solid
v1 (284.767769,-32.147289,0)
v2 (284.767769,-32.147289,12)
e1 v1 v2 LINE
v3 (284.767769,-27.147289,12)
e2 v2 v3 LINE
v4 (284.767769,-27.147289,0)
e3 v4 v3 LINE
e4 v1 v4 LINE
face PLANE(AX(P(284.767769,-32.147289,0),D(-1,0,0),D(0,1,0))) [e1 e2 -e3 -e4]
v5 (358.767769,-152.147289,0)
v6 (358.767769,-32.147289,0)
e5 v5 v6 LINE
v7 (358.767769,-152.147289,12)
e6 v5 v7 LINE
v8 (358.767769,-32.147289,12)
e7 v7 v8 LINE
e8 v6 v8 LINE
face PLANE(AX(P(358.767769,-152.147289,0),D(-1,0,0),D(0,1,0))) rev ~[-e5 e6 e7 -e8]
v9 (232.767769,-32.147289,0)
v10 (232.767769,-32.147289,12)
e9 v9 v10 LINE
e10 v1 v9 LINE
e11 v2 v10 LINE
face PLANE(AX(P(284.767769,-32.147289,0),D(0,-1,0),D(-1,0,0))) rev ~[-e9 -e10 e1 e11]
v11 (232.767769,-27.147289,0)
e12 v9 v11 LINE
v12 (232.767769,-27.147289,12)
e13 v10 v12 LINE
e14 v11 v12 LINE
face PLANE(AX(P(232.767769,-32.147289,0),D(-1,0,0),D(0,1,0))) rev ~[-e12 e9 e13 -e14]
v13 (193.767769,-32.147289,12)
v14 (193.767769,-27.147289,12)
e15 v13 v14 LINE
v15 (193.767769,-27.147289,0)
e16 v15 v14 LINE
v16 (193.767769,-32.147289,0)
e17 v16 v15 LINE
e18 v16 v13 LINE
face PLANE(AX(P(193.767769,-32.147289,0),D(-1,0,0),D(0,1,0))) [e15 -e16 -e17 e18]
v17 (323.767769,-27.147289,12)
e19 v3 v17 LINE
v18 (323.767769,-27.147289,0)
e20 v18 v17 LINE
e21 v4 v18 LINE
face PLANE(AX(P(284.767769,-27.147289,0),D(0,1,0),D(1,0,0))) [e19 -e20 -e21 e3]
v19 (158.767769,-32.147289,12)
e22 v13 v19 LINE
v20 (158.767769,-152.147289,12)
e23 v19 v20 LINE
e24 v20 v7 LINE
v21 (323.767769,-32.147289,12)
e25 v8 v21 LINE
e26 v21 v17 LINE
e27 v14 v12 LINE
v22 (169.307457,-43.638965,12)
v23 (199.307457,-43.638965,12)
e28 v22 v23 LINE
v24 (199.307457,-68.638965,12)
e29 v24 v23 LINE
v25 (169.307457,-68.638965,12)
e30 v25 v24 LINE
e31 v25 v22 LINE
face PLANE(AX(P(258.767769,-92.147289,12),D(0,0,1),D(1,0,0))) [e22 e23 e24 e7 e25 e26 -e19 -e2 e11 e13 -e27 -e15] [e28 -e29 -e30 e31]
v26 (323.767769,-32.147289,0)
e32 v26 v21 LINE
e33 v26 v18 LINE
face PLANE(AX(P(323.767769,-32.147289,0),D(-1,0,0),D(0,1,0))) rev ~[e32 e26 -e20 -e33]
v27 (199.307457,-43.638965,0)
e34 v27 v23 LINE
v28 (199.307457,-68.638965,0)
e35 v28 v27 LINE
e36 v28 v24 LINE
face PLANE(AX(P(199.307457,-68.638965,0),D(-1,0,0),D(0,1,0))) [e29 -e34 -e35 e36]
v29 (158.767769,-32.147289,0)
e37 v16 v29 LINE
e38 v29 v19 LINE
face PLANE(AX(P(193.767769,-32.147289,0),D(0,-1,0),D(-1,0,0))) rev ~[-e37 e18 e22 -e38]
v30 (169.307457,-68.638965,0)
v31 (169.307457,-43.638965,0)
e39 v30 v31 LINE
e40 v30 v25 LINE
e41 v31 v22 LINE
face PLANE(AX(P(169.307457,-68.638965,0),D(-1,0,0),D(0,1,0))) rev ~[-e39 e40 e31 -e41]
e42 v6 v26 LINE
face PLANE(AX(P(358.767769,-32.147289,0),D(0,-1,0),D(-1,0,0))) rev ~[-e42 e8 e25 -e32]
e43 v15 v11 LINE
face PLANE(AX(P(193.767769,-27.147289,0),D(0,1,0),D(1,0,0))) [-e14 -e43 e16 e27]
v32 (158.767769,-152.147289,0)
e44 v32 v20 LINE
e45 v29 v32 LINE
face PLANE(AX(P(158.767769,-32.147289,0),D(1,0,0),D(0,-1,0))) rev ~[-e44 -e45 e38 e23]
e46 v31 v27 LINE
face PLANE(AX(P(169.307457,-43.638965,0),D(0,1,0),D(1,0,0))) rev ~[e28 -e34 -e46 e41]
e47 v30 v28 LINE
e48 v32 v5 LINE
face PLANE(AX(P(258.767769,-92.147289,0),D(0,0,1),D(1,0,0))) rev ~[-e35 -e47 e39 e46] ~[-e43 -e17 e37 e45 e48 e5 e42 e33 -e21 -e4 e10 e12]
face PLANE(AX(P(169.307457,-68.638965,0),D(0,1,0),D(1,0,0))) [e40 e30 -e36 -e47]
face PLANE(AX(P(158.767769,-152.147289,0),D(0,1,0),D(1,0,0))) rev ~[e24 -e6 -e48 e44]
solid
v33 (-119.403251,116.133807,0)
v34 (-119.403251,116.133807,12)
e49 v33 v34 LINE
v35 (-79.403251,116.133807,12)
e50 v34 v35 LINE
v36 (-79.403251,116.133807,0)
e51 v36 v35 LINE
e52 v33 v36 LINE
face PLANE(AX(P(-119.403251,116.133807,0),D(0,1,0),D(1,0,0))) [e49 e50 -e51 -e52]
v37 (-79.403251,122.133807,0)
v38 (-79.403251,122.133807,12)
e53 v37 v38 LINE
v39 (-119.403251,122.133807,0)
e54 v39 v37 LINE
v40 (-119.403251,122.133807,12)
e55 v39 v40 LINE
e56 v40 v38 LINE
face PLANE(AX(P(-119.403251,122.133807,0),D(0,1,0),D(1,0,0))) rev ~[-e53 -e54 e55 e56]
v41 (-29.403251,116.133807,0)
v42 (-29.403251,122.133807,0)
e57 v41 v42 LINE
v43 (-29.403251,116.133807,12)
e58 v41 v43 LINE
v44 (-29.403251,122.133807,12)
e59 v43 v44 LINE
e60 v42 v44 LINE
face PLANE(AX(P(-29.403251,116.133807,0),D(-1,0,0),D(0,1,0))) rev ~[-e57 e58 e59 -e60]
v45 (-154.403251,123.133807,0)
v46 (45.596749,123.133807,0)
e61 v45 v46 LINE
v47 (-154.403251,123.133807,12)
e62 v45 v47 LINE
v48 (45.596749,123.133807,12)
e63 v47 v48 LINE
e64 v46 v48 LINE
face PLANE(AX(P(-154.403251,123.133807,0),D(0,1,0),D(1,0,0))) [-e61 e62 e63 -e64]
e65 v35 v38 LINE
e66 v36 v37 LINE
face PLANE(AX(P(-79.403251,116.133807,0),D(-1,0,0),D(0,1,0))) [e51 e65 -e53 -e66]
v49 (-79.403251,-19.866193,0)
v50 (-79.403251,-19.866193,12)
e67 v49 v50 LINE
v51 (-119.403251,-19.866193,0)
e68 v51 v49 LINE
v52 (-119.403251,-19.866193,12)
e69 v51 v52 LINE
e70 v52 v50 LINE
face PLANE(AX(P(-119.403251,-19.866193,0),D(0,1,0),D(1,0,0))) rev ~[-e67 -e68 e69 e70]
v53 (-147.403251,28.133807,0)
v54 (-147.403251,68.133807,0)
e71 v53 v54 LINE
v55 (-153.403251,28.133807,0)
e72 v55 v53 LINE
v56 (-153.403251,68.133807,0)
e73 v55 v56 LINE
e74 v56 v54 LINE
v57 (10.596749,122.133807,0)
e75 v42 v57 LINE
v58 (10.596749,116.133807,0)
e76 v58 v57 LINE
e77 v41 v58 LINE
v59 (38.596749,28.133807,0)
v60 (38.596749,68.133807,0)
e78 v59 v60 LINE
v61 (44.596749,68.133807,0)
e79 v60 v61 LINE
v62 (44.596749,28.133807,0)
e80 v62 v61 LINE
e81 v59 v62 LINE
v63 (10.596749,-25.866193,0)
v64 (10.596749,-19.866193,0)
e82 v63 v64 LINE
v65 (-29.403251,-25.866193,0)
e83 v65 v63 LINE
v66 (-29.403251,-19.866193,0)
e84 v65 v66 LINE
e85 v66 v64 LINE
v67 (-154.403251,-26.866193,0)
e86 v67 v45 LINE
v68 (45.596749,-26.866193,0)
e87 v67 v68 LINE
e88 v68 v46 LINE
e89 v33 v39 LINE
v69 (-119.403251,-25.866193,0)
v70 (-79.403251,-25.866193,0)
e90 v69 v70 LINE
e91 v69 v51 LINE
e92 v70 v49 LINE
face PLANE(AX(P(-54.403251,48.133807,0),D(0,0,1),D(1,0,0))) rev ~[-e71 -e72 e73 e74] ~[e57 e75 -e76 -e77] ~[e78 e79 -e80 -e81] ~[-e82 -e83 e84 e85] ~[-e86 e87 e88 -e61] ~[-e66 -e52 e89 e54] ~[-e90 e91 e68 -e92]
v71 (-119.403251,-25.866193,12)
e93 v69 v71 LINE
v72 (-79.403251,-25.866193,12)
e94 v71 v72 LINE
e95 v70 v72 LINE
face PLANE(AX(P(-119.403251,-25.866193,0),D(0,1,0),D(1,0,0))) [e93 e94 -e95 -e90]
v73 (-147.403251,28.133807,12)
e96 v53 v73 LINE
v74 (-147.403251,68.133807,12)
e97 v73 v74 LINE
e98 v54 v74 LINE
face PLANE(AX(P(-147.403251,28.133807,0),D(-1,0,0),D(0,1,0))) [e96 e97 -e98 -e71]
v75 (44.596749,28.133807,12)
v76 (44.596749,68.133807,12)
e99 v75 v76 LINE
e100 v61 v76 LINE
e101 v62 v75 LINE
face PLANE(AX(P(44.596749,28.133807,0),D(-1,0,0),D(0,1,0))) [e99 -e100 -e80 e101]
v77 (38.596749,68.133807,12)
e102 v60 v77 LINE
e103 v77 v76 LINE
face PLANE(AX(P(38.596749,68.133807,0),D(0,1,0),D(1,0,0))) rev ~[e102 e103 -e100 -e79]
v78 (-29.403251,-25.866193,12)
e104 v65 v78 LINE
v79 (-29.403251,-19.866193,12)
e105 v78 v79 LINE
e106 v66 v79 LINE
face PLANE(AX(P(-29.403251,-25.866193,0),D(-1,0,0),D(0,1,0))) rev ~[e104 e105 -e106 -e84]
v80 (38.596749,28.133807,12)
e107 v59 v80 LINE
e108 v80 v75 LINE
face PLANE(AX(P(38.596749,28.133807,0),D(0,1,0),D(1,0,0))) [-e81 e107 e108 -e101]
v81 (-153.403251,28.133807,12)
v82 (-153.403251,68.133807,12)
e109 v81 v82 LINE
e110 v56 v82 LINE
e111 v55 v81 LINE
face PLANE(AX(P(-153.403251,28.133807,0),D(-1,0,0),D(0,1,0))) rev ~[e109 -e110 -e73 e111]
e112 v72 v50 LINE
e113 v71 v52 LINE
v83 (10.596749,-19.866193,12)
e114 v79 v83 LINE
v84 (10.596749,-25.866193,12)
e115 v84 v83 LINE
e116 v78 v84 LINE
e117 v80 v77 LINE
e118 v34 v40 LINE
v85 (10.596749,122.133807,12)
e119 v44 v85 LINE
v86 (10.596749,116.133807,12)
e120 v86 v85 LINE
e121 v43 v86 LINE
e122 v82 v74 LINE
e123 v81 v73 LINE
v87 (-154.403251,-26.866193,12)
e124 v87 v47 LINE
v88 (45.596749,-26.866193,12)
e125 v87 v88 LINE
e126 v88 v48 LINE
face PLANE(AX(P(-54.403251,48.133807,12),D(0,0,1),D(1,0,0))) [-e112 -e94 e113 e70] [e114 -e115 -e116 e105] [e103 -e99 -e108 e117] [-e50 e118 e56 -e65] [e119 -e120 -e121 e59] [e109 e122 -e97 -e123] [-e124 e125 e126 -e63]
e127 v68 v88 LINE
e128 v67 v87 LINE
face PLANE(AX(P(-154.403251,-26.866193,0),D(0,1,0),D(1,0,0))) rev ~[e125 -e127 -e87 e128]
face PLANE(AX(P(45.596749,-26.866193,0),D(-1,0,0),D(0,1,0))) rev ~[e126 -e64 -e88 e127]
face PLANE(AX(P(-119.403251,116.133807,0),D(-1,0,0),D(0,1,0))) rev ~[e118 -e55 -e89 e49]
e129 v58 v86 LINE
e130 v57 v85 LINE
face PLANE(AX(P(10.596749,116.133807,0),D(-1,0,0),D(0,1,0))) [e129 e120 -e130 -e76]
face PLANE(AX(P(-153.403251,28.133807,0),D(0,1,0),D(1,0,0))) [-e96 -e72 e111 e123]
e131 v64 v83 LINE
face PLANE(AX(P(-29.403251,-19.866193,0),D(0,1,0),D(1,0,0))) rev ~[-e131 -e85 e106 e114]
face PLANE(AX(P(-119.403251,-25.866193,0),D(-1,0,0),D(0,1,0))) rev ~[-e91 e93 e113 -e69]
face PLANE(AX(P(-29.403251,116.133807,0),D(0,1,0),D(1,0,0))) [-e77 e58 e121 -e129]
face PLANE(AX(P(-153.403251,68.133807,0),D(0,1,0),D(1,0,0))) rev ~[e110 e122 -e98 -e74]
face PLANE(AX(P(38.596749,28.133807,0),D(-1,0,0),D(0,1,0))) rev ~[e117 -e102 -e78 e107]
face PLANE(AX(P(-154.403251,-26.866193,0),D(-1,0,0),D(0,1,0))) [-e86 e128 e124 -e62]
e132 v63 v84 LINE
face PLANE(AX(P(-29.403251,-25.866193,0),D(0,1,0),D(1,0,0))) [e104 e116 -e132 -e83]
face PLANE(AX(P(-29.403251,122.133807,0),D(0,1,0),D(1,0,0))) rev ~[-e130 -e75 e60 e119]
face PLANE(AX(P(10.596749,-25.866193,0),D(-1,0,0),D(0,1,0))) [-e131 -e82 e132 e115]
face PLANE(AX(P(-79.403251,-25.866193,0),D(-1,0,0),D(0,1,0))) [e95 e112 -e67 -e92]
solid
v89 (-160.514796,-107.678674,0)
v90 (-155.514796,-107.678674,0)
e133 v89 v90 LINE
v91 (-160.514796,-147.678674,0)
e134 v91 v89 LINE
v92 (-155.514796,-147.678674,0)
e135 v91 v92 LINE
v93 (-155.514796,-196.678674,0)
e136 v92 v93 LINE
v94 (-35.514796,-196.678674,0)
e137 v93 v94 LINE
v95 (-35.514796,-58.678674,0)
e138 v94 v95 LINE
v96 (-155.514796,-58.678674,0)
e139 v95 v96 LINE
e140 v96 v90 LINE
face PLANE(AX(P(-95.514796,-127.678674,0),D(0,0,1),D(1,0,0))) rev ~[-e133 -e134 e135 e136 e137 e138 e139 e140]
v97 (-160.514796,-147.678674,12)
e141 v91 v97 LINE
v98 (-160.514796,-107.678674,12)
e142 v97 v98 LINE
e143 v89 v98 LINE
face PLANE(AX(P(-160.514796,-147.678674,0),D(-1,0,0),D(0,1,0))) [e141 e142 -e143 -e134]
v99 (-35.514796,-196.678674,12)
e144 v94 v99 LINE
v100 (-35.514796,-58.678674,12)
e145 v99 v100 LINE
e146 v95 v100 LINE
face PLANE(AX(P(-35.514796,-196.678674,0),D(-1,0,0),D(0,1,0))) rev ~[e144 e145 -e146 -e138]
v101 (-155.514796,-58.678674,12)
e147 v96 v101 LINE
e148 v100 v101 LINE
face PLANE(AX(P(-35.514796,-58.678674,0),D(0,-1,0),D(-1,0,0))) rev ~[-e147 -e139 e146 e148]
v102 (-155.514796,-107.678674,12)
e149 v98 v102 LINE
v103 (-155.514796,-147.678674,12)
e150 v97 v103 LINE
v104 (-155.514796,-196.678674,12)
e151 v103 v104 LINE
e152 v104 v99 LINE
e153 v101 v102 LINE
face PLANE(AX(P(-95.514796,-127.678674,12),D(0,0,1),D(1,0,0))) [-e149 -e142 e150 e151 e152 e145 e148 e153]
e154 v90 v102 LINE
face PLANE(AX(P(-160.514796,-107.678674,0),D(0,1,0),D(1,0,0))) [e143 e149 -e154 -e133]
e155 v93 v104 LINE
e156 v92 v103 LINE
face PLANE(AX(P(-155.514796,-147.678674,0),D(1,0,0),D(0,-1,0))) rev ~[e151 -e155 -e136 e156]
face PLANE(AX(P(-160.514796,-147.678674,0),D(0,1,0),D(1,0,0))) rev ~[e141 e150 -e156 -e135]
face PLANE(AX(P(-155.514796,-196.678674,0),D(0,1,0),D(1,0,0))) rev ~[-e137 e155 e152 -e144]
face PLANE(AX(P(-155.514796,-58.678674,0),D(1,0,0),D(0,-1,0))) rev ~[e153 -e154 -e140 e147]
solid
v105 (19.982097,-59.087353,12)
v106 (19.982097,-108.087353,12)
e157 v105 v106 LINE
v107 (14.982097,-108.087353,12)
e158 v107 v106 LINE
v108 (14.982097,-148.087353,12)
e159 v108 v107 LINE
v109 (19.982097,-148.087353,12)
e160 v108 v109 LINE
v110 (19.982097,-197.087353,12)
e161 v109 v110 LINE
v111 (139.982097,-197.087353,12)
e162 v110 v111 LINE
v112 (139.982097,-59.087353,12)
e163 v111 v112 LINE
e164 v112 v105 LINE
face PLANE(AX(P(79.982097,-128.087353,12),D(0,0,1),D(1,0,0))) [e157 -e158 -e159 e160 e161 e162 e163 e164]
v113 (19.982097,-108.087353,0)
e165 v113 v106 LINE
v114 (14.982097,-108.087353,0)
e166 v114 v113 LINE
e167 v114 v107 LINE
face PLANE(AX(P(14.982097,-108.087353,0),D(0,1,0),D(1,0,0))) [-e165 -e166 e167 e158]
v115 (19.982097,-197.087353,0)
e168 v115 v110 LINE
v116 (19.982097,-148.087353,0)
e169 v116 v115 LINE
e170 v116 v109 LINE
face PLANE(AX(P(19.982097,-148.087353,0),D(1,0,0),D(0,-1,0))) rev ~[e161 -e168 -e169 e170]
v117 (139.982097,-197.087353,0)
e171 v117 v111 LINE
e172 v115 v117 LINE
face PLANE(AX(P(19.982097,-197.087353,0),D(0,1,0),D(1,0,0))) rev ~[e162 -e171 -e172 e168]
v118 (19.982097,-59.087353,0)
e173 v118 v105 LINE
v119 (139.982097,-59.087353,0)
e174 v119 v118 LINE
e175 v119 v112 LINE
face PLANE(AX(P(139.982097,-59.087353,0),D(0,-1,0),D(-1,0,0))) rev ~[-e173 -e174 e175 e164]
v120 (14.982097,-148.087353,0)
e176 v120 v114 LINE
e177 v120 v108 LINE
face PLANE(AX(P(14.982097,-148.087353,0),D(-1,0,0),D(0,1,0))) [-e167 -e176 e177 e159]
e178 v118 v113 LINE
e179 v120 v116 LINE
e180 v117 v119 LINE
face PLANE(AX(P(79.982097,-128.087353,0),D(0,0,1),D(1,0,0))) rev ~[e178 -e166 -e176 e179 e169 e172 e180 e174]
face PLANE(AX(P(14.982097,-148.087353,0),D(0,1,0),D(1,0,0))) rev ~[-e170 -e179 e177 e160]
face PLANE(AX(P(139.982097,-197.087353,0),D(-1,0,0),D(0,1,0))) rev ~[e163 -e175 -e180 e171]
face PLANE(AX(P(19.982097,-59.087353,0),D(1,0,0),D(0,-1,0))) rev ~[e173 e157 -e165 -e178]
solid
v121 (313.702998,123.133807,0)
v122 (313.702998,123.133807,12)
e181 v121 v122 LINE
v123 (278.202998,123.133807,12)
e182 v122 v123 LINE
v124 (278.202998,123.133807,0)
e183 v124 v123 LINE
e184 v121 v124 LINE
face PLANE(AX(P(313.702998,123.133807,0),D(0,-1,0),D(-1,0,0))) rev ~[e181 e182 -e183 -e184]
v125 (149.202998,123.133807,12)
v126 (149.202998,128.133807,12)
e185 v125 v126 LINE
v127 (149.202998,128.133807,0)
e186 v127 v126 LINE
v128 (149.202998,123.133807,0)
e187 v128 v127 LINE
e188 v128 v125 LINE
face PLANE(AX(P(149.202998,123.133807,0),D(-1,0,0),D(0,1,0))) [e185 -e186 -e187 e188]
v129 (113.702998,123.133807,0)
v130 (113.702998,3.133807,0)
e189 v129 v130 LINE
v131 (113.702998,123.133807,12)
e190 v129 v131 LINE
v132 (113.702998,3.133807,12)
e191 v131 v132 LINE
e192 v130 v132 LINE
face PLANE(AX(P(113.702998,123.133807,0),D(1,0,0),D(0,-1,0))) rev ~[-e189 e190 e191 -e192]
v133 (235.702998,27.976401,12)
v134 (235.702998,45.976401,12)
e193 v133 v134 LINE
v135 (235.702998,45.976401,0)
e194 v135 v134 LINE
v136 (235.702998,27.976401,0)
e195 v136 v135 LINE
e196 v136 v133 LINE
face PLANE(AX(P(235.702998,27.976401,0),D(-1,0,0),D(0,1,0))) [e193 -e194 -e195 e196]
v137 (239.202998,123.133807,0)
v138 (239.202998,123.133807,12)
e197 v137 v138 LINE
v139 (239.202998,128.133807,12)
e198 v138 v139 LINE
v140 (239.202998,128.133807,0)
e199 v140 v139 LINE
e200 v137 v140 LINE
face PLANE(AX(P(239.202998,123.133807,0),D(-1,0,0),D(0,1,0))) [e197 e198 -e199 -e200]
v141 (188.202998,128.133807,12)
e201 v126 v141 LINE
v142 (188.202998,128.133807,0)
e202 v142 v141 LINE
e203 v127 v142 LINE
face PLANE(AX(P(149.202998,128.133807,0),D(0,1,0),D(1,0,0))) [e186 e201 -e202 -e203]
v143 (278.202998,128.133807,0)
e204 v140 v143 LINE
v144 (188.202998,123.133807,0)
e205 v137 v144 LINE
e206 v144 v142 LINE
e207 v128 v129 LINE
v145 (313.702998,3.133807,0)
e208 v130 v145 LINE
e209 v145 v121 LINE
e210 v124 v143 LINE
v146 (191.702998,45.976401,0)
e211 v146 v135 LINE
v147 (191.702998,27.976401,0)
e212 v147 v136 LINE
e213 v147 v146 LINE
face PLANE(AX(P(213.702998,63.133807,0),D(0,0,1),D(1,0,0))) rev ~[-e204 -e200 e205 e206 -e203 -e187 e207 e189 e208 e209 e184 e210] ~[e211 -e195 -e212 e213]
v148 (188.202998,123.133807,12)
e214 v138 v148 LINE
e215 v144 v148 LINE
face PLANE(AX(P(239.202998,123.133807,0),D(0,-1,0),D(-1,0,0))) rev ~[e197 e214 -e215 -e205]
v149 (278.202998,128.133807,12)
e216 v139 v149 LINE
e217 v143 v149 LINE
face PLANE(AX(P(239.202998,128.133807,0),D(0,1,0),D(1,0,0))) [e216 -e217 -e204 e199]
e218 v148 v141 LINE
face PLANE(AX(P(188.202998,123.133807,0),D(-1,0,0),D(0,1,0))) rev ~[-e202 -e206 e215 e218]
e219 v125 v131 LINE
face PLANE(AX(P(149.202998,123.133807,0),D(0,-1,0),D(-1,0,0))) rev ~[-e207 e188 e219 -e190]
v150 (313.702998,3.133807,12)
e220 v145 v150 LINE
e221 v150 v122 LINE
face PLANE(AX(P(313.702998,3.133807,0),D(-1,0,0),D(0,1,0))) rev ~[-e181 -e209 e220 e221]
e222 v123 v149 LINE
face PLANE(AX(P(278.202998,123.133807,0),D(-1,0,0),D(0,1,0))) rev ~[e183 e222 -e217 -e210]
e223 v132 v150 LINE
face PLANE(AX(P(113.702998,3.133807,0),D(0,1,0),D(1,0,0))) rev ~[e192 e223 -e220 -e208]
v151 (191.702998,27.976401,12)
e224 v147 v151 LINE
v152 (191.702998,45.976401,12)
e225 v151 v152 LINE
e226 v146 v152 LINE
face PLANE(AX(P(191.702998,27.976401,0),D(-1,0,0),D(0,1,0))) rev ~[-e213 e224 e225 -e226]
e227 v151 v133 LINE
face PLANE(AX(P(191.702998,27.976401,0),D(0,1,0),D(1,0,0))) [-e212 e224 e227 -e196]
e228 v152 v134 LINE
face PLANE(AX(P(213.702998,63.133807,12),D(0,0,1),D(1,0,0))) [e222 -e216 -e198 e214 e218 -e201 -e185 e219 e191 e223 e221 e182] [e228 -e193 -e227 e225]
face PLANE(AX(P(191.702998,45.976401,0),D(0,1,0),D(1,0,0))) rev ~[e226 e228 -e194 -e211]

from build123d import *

# Parameters (mm, degrees)
F0_W     = 200
F0_H     = 150
F0_W_2   = 40
F0_H_2   = 6
F0_W_3   = 6
F0_H_3   = 40
F0_W_4   = 5
F0_W_5   = 30
F0_H_4   = 25
F0_W_6   = 44
F0_H_5   = 18
F0_W_7   = 39
F0_H_6   = 5
F1_DEPTH = 12


with BuildPart() as f1:
    # F0 (on Top) → F1 (new body)
    with BuildSketch(Plane.XY):
        Polygon((-35.514796, -58.678674), (-155.514796, -58.678674), (-155.514796, -107.678674), (-155.514796, -147.678674), (-155.514796, -196.678674), (-35.514796, -196.678674), align=None)
        with Locations((-54.403251, 48.133807)):
            Rectangle(F0_W, F0_H)
        with Locations((-99.403251, -22.866193)):
            Rectangle(F0_W_2, F0_H_2, mode=Mode.SUBTRACT)
        with Locations((-9.403251, -22.866193)):
            Rectangle(F0_W_2, F0_H_2, mode=Mode.SUBTRACT)
        with Locations((-150.403251, 48.133807)):
            Rectangle(F0_W_3, F0_H_3, mode=Mode.SUBTRACT)
        with Locations((-99.403251, 119.133807)):
            Rectangle(F0_W_2, F0_H_2, mode=Mode.SUBTRACT)
        with Locations((41.596749, 48.133807)):
            Rectangle(F0_W_3, F0_H_3, mode=Mode.SUBTRACT)
        with Locations((-9.403251, 119.133807)):
            Rectangle(F0_W_2, F0_H_2, mode=Mode.SUBTRACT)
        with Locations((-158.014796, -127.678674)):
            Rectangle(F0_W_4, F0_H_3)
        Polygon((193.767769, -32.147289), (158.767769, -32.147289), (158.767769, -152.147289), (358.767769, -152.147289), (358.767769, -32.147289), (323.767769, -32.147289), (284.767769, -32.147289), (232.767769, -32.147289), align=None)
        with Locations((184.307457, -56.138965)):
            Rectangle(F0_W_5, F0_H_4, mode=Mode.SUBTRACT)
        Polygon((149.202998, 123.133807), (113.702998, 123.133807), (113.702998, 3.133807), (313.702998, 3.133807), (313.702998, 123.133807), (278.202998, 123.133807), (239.202998, 123.133807), (188.202998, 123.133807), align=None)
        with Locations((213.702998, 36.976401)):
            Rectangle(F0_W_6, F0_H_5, mode=Mode.SUBTRACT)
        Polygon((139.982097, -59.087353), (19.982097, -59.087353), (19.982097, -108.087353), (19.982097, -148.087353), (19.982097, -197.087353), (139.982097, -197.087353), align=None)
        with Locations((17.482097, -128.087353)):
            Rectangle(F0_W_4, F0_H_3)
        with Locations((304.267769, -29.647289)):
            Rectangle(F0_W_7, F0_H_6)
        with Locations((213.267769, -29.647289)):
            Rectangle(F0_W_7, F0_H_6)
        with Locations((168.702998, 125.633807)):
            Rectangle(F0_W_7, F0_H_6)
        with Locations((258.702998, 125.633807)):
            Rectangle(F0_W_7, F0_H_6)
    extrude(amount=F1_DEPTH)


solid = f1.part
